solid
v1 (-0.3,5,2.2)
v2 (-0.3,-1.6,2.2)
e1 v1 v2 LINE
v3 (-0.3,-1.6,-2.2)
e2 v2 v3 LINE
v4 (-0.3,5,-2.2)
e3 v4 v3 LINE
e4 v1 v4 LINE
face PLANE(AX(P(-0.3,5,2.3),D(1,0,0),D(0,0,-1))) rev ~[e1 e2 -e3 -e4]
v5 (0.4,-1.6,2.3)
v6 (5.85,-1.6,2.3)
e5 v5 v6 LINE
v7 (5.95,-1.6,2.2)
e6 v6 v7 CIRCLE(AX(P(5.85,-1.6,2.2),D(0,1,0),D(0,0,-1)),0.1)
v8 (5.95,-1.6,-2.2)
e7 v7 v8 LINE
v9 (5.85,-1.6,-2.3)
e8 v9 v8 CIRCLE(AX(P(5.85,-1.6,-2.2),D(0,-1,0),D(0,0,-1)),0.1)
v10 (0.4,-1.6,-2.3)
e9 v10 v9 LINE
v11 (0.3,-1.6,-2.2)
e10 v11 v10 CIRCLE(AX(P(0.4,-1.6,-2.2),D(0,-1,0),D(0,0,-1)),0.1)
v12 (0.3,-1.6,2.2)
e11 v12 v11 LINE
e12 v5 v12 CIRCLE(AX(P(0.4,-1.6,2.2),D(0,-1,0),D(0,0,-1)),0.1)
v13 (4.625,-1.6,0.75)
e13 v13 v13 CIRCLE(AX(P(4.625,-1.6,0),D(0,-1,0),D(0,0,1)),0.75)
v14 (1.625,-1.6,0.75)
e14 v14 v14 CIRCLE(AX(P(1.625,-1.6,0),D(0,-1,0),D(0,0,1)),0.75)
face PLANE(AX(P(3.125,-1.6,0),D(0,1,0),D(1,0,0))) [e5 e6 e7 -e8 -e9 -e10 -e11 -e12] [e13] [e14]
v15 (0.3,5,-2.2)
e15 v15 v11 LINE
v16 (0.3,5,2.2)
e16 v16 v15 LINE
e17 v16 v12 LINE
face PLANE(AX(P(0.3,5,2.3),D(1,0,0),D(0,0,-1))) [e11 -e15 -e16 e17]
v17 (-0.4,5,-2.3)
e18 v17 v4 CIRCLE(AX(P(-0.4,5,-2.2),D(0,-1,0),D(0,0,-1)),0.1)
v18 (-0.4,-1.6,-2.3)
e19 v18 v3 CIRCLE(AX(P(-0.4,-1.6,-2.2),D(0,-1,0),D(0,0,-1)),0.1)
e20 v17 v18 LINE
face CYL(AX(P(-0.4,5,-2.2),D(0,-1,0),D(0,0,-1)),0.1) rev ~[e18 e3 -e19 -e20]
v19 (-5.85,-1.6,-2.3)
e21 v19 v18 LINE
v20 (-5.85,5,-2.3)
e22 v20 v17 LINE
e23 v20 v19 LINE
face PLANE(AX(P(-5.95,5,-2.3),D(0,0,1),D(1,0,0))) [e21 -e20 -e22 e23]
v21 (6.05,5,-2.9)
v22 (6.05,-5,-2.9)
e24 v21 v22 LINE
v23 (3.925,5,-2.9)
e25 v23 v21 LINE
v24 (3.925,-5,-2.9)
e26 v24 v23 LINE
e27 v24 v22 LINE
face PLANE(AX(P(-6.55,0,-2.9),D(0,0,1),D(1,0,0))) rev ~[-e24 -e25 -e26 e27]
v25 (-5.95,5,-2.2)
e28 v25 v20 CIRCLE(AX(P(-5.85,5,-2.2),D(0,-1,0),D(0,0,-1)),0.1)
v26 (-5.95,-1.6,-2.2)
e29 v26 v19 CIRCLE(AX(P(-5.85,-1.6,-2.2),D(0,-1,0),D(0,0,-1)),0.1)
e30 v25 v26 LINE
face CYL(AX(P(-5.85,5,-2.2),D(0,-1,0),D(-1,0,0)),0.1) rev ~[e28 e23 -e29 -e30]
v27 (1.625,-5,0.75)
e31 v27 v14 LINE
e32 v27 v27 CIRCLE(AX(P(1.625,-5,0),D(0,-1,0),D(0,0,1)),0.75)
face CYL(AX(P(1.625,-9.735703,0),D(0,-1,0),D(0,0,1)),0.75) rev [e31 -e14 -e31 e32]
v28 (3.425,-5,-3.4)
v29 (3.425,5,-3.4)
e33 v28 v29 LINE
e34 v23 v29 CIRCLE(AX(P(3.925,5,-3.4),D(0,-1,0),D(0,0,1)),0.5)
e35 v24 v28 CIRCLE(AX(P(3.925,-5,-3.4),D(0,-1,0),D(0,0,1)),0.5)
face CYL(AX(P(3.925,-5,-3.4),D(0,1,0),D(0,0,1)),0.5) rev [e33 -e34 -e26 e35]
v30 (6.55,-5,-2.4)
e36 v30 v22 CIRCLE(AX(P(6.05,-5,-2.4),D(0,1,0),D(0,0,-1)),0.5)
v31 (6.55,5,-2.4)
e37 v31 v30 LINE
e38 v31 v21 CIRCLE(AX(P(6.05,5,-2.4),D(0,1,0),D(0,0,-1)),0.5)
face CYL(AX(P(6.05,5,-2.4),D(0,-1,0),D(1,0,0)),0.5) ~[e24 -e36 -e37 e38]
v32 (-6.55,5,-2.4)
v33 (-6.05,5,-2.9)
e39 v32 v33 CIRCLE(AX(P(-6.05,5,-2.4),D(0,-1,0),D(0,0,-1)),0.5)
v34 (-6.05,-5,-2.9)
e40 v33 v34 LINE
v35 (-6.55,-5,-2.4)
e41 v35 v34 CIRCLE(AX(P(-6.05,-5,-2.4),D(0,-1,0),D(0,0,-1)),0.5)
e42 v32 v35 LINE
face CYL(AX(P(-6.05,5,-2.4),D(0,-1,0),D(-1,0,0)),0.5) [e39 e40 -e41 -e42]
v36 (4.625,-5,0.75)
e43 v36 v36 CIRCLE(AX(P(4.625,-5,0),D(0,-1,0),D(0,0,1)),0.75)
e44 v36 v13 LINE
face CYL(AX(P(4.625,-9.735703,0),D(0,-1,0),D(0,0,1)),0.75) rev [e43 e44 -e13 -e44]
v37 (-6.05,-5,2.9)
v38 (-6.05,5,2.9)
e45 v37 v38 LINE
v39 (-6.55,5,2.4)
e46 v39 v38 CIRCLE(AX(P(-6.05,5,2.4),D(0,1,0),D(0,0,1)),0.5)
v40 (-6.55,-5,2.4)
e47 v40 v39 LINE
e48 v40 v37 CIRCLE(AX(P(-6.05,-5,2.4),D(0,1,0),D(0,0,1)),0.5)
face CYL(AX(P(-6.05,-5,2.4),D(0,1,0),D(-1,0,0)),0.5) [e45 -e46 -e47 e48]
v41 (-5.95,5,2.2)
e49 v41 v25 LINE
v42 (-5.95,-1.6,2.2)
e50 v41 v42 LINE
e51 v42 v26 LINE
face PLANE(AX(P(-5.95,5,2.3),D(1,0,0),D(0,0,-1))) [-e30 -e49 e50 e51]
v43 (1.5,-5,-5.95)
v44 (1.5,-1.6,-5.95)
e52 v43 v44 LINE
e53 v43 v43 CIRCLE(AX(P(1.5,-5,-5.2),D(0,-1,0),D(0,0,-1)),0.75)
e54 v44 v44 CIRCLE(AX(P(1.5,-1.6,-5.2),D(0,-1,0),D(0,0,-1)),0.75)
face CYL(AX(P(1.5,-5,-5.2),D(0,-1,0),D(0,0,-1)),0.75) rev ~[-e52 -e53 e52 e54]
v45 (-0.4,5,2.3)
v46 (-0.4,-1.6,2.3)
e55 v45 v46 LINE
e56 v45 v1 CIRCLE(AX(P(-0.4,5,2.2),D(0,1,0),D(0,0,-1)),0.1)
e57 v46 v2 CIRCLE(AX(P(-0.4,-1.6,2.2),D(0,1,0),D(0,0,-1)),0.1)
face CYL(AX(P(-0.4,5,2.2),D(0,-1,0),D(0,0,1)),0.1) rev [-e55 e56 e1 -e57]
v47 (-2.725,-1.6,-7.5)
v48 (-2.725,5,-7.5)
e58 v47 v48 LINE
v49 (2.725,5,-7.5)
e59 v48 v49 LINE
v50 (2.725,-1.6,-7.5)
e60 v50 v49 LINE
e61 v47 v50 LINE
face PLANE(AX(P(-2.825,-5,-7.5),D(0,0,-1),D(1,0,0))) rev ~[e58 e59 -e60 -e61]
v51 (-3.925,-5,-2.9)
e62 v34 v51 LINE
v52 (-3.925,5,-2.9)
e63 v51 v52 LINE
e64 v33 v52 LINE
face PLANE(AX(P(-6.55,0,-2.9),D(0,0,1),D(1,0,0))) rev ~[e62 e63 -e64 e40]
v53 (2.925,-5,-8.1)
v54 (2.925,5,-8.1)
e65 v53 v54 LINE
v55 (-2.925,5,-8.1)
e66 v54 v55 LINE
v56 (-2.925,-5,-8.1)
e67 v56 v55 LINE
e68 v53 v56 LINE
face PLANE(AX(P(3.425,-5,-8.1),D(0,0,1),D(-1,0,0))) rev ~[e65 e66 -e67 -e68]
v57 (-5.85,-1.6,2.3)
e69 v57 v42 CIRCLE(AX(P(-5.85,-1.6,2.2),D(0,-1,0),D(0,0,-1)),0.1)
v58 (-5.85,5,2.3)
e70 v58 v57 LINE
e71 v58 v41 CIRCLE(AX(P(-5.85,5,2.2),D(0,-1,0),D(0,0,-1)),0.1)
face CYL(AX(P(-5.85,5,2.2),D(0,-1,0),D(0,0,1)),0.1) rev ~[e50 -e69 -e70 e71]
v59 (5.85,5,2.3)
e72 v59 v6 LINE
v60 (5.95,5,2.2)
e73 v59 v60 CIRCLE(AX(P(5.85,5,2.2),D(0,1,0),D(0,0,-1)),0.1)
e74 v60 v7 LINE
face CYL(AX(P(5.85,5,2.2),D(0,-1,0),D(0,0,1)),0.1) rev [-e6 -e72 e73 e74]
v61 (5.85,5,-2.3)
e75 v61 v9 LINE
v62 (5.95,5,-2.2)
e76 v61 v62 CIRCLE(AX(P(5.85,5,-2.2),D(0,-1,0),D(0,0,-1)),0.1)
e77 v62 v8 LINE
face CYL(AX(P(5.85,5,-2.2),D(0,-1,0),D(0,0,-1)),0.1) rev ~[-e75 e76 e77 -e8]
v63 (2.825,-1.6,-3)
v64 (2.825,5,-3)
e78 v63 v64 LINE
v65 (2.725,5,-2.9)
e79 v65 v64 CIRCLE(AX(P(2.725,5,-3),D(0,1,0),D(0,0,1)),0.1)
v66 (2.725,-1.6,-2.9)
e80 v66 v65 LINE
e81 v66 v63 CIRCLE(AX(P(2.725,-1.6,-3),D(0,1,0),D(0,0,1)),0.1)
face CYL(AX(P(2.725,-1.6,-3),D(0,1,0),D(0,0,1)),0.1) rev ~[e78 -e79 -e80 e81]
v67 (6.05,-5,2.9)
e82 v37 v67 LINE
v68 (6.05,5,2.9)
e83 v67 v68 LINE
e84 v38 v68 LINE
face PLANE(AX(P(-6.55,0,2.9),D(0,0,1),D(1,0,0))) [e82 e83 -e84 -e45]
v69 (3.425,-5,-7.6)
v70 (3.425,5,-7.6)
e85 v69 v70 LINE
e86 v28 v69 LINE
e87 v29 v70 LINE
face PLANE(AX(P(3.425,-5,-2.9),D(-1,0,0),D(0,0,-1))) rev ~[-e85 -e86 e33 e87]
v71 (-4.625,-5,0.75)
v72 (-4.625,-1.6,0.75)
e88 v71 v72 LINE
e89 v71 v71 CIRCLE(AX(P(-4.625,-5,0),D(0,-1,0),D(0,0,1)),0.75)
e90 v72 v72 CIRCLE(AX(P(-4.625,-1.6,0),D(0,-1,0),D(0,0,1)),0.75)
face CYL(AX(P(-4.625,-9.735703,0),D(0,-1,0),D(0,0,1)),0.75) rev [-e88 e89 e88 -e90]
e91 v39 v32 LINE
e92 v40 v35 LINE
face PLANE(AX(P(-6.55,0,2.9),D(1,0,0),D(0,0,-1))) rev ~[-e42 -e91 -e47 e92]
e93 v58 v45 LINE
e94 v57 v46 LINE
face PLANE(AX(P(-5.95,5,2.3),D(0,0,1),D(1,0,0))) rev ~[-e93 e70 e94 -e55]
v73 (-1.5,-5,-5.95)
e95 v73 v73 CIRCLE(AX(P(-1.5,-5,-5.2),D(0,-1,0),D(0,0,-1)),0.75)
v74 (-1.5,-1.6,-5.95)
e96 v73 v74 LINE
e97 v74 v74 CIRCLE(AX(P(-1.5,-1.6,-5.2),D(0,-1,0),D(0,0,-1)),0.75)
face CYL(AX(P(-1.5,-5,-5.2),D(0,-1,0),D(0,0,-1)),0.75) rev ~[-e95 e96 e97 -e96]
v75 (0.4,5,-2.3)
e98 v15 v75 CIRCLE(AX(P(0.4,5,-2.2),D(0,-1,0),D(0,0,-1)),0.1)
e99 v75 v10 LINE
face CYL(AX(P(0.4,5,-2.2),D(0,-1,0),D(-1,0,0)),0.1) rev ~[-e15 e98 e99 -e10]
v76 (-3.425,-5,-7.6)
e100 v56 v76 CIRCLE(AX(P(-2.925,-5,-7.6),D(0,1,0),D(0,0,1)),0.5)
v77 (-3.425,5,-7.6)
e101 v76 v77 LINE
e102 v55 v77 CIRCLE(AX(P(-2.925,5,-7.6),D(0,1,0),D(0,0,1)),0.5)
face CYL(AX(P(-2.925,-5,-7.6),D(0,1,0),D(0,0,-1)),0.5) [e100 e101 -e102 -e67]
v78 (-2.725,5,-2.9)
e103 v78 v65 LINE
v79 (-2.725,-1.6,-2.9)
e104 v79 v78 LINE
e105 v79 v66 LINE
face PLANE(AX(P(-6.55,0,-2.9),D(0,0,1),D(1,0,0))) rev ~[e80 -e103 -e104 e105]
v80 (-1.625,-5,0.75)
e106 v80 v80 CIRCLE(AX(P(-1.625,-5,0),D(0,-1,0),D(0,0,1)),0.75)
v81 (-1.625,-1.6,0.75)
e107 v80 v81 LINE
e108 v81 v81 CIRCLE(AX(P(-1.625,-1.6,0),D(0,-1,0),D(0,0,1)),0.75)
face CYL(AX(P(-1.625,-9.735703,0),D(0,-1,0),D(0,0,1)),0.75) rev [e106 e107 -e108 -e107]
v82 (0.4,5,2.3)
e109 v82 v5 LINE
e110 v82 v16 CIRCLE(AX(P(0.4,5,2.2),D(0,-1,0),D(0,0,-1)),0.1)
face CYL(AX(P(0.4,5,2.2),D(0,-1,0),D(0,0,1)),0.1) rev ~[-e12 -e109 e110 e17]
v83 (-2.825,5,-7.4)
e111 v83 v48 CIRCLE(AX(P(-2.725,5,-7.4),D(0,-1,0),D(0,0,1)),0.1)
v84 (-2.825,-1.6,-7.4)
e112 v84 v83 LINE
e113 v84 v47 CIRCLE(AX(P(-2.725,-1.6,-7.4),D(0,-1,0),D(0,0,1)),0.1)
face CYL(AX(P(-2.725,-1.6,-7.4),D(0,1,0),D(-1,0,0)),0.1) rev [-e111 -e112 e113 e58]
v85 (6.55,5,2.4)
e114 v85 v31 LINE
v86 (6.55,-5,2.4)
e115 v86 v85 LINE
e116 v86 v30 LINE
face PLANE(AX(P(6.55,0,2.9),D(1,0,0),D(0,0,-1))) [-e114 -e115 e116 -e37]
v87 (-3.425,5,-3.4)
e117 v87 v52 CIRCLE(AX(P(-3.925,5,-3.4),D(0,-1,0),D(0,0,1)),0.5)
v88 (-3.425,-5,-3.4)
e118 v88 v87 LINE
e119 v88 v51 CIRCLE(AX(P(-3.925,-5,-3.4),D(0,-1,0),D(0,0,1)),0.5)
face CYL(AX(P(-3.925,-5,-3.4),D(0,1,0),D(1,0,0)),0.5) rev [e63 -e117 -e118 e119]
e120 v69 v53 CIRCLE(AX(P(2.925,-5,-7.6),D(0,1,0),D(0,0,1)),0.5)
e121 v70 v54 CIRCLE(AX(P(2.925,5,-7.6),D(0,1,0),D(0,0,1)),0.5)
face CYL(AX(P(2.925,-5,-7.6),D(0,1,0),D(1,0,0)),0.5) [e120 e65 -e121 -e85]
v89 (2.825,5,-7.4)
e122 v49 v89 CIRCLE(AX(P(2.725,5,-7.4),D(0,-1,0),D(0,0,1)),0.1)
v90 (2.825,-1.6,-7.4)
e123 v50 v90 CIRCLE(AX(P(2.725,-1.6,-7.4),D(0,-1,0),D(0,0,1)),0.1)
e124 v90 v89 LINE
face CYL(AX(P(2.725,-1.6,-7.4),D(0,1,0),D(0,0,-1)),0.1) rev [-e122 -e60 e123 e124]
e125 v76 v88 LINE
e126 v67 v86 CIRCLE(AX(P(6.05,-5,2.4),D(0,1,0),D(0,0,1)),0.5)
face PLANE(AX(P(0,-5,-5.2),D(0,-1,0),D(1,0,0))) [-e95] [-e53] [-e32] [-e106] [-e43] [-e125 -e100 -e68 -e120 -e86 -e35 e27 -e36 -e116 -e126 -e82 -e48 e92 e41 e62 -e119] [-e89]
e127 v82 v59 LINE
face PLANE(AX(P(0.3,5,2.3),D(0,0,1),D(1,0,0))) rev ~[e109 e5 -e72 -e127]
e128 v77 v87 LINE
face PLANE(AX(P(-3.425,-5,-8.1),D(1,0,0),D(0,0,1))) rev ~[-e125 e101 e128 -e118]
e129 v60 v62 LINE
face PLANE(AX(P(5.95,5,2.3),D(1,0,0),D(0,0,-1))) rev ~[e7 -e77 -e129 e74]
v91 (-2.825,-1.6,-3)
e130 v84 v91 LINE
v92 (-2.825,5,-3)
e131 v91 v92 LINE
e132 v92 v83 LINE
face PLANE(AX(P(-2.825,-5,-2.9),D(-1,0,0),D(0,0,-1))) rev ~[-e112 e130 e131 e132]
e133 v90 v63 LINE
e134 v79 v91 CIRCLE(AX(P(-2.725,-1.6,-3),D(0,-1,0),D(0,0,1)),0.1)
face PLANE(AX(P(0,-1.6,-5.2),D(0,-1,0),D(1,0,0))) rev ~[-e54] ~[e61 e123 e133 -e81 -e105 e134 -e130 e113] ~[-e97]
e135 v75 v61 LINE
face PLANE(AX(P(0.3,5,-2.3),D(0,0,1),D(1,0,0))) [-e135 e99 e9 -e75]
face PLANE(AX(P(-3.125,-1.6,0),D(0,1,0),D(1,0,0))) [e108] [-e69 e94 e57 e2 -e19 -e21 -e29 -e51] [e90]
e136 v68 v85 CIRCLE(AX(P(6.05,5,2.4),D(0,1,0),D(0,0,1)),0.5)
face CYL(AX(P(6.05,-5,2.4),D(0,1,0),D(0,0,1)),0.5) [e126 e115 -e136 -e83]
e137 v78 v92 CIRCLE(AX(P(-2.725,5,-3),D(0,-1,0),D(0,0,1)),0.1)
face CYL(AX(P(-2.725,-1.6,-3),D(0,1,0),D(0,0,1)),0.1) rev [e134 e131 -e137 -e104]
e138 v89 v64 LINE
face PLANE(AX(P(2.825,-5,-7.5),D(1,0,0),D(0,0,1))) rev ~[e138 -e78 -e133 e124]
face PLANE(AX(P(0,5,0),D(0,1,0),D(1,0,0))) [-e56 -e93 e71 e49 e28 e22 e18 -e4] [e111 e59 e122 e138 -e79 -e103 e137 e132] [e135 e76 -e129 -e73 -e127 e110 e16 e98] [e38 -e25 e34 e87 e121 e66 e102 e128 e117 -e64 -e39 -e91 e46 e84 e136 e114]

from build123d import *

# Parameters (mm, degrees)
SKETCH1_W               = 13.1
SKETCH1_H               = 5.8
BOSS_EXTRUDE1_DEPTH     = 5
SKETCH10_W              = 5.65
SKETCH10_H              = 4.6
CUT_EXTRUDE7_DEPTH      = 6.6
CUT_EXTRUDE6_DEPTH      = 9.735702605
CUT_EXTRUDE6_DEPTH_BACK = 9.735702605
SKETCH9_R               = 0.75
BOSS_EXTRUDE2_START     = -5
BOSS_EXTRUDE2_DEPTH     = 10
SKETCH12_W              = 5.65
SKETCH12_H              = 4.6
SKETCH12_R              = 0.75
BOSS_EXTRUDE3_DEPTH     = 3.4
FILETE1_R               = 0.5
FILETE2_R               = 0.1


with BuildPart() as part:
    # Sketch1 → Boss-Extrude1 (new, symmetric)
    with BuildSketch(Plane(origin=(0, 0, 0), x_dir=(1, 0, 0), z_dir=(0, 1, 0))):
        Rectangle(SKETCH1_W, SKETCH1_H)
    extrude(amount=BOSS_EXTRUDE1_DEPTH, both=True)

    # Sketch10 → Cut-Extrude7 (cut)
    with BuildSketch(Plane(origin=(0, 5, 0), x_dir=(1, 0, 0), z_dir=(0, 1, 0))):
        with Locations((-3.125, 0)):
            Rectangle(SKETCH10_W, SKETCH10_H)
        with Locations((3.125, 0)):
            Rectangle(SKETCH10_W, SKETCH10_H)
    extrude(amount=-CUT_EXTRUDE7_DEPTH, mode=Mode.SUBTRACT)

    # Sketch9 → Cut-Extrude6 (cut, two sides: drawn at the far end of the back side and taken through both)
    with BuildSketch(Plane(origin=(0, 0, 0), x_dir=(1, 0, 0), z_dir=(0, 1, 0)).offset(-CUT_EXTRUDE6_DEPTH_BACK)):
        with Locations(Location((-4.625, 0, 0), (0, 0, 270))):
            Circle(SKETCH9_R)
        with Locations(Location((-1.625, 0, 0), (0, 0, 270))):
            Circle(SKETCH9_R)
        with Locations(Location((1.625, 0, 0), (0, 0, 270))):
            Circle(SKETCH9_R)
        with Locations(Location((4.625, 0, 0), (0, 0, 270))):
            Circle(SKETCH9_R)
    extrude(amount=CUT_EXTRUDE6_DEPTH + CUT_EXTRUDE6_DEPTH_BACK, mode=Mode.SUBTRACT)

    # Sketch11 → Boss-Extrude2 (add)
    with BuildSketch(Plane(origin=(0, 0, 0), x_dir=(1, 0, 0), z_dir=(0, 1, 0)).offset(BOSS_EXTRUDE2_START)):
        Polygon((-3.425, 8.1), (-3.425, 2.9), (-2.825, 2.9), (-2.825, 7.5), (2.825, 7.5), (2.825, 2.9), (3.425, 2.9), (3.425, 8.1), align=None)
    extrude(amount=BOSS_EXTRUDE2_DEPTH)

    # Sketch12 → Boss-Extrude3 (add)
    with BuildSketch(Plane.XZ.offset(5)):
        with Locations((0, -5.2)):
            Rectangle(SKETCH12_W, SKETCH12_H)
        with Locations(Location((-1.5, -5.2, 0), (0, 0, 270))):
            Circle(SKETCH12_R, mode=Mode.SUBTRACT)
        with Locations(Location((1.5, -5.2, 0), (0, 0, 270))):
            Circle(SKETCH12_R, mode=Mode.SUBTRACT)
    extrude(amount=-BOSS_EXTRUDE3_DEPTH)

    # Filete1
    filete1_edges = [part.edges().sort_by_distance(p)[0] for p in [
        (-6.55, 0, -2.9),
        (-3.425, 0, -2.9),
        (-3.425, 0, -8.1),
        (3.425, 0, -8.1),
        (6.55, 0, -2.9),
        (3.425, 0, -2.9),
        (6.55, 0, 2.9),
        (-6.55, 0, 2.9),
    ]]
    fillet(filete1_edges, radius=FILETE1_R)

    # Filete2
    filete2_edges = [part.edges().sort_by_distance(p)[0] for p in [
        (-5.95, 1.7, 2.3),
        (-5.95, 1.7, -2.3),
        (-0.3, 1.7, -2.3),
        (-0.3, 1.7, 2.3),
        (5.95, 1.7, 2.3),
        (0.3, 1.7, 2.3),
        (0.3, 1.7, -2.3),
        (5.95, 1.7, -2.3),
        (2.825, 1.7, -7.5),
        (-2.825, 1.7, -7.5),
        (-2.825, 1.7, -2.9),
        (2.825, 1.7, -2.9),
    ]]
    fillet(filete2_edges, radius=FILETE2_R)


solid = part.part
